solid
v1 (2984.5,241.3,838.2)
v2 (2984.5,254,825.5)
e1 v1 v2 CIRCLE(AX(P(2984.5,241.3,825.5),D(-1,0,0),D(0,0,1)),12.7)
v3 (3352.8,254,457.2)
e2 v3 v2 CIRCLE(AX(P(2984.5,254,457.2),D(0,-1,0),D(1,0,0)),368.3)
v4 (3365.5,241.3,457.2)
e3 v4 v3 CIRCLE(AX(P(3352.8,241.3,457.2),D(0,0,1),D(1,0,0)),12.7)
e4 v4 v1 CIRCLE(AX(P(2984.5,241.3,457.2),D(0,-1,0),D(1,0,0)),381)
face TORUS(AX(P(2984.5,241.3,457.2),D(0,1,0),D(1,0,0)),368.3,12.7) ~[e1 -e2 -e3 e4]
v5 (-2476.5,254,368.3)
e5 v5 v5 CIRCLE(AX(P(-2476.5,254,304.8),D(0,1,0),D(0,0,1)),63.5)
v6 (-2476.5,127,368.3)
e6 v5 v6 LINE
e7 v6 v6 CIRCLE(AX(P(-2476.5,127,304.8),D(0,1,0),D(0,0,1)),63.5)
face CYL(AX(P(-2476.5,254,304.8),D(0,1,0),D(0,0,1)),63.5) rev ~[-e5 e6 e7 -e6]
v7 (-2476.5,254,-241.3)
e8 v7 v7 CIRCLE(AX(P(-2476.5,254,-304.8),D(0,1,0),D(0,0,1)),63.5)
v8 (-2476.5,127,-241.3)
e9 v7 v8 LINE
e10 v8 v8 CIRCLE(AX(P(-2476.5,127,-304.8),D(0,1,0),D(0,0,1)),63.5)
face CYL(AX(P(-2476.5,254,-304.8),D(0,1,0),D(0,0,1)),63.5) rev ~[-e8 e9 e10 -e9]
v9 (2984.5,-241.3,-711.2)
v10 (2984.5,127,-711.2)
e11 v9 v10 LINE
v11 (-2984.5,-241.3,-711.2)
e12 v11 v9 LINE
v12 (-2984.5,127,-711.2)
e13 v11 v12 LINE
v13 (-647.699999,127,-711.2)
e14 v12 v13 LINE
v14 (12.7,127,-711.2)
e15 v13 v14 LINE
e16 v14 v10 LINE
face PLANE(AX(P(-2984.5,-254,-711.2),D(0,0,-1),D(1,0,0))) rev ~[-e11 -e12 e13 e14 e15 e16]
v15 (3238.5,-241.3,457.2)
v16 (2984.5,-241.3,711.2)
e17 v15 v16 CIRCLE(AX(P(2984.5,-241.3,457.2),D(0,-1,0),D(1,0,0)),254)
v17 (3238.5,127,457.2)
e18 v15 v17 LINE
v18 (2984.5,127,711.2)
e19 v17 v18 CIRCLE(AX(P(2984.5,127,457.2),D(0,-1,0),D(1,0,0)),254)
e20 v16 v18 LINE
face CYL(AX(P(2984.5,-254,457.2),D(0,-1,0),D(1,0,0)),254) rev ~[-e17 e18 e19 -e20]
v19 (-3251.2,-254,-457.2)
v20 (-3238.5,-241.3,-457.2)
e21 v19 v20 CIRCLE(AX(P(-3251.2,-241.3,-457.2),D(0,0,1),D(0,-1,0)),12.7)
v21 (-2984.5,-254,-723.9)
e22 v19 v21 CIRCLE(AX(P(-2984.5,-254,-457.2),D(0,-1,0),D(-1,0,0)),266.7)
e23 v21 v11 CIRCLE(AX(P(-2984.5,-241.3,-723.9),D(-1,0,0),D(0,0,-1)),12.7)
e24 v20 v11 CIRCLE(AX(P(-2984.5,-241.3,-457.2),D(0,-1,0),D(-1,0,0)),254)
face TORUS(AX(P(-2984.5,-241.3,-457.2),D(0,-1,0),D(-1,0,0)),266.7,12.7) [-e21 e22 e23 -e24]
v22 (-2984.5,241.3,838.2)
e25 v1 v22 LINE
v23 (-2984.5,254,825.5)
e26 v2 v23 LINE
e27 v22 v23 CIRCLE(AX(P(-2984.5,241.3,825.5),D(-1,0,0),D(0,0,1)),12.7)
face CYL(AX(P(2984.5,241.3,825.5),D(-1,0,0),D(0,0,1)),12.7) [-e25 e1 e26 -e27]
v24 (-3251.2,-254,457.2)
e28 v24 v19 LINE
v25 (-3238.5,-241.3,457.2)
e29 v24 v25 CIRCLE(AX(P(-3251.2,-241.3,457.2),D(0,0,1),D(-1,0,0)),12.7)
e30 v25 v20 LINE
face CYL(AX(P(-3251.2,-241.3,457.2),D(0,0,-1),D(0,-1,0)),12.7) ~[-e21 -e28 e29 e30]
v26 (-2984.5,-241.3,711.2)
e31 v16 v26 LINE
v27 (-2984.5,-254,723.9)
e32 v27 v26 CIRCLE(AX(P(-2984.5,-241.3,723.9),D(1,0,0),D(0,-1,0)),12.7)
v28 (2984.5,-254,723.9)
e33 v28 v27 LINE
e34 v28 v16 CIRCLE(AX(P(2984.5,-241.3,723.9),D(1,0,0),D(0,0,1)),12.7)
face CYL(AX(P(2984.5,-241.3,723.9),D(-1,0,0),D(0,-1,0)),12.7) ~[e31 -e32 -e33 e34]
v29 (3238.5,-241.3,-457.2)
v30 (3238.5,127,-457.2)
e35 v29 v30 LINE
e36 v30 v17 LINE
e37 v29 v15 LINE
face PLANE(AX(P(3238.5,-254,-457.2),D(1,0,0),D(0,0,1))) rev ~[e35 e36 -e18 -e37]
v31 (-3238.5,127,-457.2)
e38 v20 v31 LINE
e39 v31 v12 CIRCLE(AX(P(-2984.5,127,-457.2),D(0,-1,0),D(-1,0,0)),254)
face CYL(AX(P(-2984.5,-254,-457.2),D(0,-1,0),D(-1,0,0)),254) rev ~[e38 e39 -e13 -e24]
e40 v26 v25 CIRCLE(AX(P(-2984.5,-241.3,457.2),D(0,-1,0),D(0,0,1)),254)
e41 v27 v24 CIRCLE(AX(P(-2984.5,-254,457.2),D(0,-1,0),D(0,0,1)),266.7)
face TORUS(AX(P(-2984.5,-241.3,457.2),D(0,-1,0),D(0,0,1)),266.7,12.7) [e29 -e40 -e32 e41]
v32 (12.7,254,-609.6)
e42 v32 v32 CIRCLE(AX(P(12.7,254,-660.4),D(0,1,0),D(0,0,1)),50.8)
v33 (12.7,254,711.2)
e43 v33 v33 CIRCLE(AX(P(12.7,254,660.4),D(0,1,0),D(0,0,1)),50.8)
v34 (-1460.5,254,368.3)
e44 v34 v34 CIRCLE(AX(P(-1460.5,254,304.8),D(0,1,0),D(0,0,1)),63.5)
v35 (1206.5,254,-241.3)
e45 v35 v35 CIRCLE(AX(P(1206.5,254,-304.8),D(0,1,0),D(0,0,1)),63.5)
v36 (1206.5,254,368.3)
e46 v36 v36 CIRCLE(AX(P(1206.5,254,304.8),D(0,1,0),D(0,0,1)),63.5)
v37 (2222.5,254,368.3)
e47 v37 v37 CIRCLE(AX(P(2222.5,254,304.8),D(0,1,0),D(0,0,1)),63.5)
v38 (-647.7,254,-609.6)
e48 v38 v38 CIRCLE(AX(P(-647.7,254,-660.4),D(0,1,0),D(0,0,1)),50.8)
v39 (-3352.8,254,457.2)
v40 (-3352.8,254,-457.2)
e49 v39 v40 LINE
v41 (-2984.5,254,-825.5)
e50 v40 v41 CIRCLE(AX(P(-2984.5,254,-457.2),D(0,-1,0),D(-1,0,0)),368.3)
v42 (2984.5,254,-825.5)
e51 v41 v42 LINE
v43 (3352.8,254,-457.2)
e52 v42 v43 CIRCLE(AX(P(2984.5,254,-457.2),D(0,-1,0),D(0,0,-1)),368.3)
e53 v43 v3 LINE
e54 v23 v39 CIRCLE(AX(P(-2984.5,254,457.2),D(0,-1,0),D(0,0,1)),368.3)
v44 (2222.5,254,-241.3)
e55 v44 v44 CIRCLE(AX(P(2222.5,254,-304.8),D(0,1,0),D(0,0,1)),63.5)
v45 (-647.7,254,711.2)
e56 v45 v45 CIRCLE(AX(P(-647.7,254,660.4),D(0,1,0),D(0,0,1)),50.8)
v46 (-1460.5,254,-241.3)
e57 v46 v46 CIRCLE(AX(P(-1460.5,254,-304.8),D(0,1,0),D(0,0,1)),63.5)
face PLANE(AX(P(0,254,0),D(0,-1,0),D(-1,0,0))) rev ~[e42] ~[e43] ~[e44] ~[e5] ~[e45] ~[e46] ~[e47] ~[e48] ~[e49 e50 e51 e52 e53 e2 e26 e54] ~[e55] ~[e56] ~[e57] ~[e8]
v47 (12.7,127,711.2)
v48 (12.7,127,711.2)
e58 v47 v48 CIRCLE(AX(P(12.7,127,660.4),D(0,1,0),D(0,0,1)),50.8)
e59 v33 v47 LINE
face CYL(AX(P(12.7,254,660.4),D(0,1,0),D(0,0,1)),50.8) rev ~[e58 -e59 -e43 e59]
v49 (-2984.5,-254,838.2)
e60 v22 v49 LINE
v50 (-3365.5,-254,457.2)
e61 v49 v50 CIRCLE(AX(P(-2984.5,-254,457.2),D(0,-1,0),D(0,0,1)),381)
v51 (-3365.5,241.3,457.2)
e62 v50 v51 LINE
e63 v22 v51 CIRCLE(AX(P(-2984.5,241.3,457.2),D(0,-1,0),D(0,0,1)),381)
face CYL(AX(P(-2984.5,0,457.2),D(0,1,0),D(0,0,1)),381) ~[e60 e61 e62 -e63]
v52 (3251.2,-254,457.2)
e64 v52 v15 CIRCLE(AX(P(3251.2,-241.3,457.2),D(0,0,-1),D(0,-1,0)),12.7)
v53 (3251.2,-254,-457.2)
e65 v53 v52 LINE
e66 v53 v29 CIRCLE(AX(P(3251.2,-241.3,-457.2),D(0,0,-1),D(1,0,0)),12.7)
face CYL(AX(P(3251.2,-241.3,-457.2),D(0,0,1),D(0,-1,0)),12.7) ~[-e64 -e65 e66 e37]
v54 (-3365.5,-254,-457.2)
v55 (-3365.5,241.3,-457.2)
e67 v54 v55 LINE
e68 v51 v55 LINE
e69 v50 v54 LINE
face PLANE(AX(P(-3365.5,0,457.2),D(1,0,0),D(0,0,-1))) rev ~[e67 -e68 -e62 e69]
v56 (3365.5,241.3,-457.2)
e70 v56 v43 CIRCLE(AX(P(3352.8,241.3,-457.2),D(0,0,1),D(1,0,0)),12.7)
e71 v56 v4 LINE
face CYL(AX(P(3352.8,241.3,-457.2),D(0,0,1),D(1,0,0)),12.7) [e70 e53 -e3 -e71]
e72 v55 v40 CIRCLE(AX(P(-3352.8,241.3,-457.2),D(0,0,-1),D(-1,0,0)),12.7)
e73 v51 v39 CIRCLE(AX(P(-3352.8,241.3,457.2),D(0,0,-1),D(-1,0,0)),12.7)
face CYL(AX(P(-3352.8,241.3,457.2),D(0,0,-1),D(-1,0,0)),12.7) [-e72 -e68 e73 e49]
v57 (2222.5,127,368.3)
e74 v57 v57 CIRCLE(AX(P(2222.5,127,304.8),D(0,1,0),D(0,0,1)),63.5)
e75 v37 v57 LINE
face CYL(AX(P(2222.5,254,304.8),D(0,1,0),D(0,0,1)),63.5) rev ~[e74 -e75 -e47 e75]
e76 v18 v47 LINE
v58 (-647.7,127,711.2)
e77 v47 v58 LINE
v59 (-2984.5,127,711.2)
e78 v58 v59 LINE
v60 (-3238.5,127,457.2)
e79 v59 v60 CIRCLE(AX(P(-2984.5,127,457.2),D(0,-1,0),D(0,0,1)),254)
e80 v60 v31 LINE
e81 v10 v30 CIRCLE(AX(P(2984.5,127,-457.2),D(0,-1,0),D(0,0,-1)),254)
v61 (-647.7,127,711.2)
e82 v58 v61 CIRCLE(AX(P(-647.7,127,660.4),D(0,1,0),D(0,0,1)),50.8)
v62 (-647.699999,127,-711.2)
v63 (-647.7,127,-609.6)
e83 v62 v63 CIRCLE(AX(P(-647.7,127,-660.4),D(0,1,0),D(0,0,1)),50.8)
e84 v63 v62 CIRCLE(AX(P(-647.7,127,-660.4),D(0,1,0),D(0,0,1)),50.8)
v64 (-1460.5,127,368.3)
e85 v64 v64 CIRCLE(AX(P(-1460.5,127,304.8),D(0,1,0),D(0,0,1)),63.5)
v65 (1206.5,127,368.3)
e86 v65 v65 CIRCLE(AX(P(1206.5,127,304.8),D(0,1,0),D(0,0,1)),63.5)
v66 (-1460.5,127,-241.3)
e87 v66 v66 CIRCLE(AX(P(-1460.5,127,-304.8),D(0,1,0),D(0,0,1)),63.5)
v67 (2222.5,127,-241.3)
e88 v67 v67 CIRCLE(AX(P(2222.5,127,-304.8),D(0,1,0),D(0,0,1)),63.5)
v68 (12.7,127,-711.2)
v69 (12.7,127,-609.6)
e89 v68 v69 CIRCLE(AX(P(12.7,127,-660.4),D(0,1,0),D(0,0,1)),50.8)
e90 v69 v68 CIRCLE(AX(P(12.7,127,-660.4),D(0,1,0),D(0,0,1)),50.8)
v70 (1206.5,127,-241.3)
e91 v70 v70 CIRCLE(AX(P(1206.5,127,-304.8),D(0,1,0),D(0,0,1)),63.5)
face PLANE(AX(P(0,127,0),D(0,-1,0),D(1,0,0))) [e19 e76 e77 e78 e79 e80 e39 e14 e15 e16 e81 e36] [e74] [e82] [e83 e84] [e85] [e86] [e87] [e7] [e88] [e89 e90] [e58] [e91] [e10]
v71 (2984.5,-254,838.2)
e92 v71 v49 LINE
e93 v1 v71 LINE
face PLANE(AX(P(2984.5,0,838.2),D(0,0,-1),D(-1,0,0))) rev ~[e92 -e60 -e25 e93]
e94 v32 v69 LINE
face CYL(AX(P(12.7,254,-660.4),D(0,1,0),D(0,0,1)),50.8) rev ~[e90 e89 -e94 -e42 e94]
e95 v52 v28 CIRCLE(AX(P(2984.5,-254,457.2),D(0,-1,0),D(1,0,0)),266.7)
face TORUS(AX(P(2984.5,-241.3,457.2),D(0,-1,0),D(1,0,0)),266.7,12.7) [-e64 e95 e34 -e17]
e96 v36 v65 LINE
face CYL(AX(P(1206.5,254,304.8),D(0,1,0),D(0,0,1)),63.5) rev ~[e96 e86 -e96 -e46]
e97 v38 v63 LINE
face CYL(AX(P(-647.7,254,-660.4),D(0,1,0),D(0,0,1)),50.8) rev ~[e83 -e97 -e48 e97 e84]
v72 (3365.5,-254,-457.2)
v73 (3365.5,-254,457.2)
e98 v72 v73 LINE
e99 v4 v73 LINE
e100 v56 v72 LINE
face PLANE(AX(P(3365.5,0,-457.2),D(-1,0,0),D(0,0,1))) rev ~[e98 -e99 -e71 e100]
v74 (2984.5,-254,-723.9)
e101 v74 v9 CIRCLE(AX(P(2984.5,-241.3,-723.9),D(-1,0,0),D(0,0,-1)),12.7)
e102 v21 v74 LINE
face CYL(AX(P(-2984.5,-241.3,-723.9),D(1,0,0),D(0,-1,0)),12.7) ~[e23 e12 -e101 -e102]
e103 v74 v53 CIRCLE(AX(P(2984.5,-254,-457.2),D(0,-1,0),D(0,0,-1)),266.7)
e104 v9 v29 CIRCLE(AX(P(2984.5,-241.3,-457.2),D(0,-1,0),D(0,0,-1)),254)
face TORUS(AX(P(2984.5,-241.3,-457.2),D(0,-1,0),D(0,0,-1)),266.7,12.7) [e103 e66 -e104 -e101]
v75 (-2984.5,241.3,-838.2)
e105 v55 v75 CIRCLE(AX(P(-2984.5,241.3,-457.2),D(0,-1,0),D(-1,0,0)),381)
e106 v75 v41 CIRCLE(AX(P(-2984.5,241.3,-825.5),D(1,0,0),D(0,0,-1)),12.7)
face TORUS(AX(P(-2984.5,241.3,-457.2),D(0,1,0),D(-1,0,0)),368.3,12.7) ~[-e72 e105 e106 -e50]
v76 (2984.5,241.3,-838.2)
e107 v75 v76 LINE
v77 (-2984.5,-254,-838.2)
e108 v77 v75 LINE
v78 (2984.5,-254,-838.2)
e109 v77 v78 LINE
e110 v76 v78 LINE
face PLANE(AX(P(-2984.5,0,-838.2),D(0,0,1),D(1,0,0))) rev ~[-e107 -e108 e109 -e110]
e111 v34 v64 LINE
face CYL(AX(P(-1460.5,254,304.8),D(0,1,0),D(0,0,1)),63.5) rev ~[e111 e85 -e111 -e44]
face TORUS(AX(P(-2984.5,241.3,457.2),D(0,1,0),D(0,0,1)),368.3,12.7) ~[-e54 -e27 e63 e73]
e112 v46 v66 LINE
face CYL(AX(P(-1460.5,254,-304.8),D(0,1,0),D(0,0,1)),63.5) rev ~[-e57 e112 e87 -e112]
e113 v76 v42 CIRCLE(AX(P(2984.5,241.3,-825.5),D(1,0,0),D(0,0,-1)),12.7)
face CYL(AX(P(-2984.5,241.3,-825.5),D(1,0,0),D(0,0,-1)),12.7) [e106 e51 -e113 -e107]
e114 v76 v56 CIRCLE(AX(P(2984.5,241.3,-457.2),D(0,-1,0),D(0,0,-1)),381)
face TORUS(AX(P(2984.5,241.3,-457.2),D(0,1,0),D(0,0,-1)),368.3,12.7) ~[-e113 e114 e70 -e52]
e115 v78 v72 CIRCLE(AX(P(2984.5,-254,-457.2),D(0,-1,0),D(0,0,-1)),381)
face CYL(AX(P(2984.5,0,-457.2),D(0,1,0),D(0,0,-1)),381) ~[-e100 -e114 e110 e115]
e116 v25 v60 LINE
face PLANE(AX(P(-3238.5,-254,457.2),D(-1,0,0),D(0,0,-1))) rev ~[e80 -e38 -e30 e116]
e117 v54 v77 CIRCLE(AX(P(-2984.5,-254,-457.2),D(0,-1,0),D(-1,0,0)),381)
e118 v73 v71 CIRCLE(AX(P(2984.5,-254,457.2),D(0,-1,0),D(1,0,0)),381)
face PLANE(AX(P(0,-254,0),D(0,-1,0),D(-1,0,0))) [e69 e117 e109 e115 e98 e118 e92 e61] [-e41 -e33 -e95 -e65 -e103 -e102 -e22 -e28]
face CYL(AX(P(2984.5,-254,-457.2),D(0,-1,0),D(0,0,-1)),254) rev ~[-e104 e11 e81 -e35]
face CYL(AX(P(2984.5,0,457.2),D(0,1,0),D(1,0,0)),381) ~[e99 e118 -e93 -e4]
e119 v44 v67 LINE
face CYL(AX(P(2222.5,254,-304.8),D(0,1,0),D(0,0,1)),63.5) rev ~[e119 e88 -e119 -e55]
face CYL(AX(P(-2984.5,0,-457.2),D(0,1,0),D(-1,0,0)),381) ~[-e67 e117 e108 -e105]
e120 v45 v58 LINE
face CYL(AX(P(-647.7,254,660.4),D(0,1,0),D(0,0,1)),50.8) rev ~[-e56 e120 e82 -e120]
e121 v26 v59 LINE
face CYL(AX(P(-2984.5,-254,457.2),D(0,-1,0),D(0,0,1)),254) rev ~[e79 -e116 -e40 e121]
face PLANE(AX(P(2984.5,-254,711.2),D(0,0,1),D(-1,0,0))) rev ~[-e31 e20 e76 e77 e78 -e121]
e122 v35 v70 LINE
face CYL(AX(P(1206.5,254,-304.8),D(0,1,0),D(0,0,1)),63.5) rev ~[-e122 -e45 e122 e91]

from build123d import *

# Parameters (mm, degrees)
BOSS_EXTRUDE1_DEPTH = 254
CUT_EXTRUDE1_DEPTH  = 381
SKETCH3_R           = 63.5
SKETCH3_R_2         = 50.8
CUT_EXTRUDE2_DEPTH  = 127
FILLET1_R           = 12.7


with BuildPart() as part:
    # Sketch1 → Boss-Extrude1 (new, symmetric)
    with BuildSketch(Plane(origin=(0, 0, 0), x_dir=(1, 0, 0), z_dir=(0, 1, 0))):
        with BuildLine():
            Line((-2984.5, 838.2), (2984.5, 838.2))
            ThreePointArc((2984.5, 838.2), (3253.907683632, 726.607683632), (3365.5, 457.2))
            Line((3365.5, 457.2), (3365.5, -457.2))
            ThreePointArc((3365.5, -457.2), (3253.907683632, -726.607683632), (2984.5, -838.2))
            Line((2984.5, -838.2), (-2984.5, -838.2))
            ThreePointArc((-2984.5, -838.2), (-3253.907683632, -726.607683632), (-3365.5, -457.2))
            Line((-3365.5, -457.2), (-3365.5, 457.2))
            ThreePointArc((-3365.5, 457.2), (-3253.907683632, 726.607683632), (-2984.5, 838.2))
        make_face()
    extrude(amount=BOSS_EXTRUDE1_DEPTH, both=True)

    # Sketch2 → Cut-Extrude1 (cut)
    with BuildSketch(Plane.XZ.offset(254)):
        with BuildLine():
            Line((3238.5, -457.2), (3238.5, 457.2))
            ThreePointArc((3238.5, 457.2), (3164.105122421, 636.805122421), (2984.5, 711.2))
            Line((2984.5, 711.2), (-2984.5, 711.2))
            ThreePointArc((-2984.5, 711.2), (-3164.105122421, 636.805122421), (-3238.5, 457.2))
            Line((-3238.5, 457.2), (-3238.5, -457.2))
            ThreePointArc((-3238.5, -457.2), (-3164.105122421, -636.805122421), (-2984.5, -711.2))
            Line((-2984.5, -711.2), (2984.5, -711.2))
            ThreePointArc((2984.5, -711.2), (3164.105122421, -636.805122421), (3238.5, -457.2))
        make_face()
    extrude(amount=-CUT_EXTRUDE1_DEPTH, mode=Mode.SUBTRACT)

    # Sketch3 → Cut-Extrude2 (cut)
    with BuildSketch(Plane(origin=(0, 254, 0), x_dir=(1, 0, 0), z_dir=(0, 1, 0))):
        with Locations(Location((-2476.5, 304.8, 0), (0, 0, 270))):
            Circle(SKETCH3_R)
        with Locations(Location((-1460.5, 304.8, 0), (0, 0, 270))):
            Circle(SKETCH3_R)
        with Locations(Location((-647.7, 660.4, 0), (0, 0, 270))):
            Circle(SKETCH3_R_2)
        with Locations(Location((12.7, 660.4, 0), (0, 0, 270))):
            Circle(SKETCH3_R_2)
        with Locations(Location((1206.5, 304.8, 0), (0, 0, 270))):
            Circle(SKETCH3_R)
        with Locations(Location((2222.5, 304.8, 0), (0, 0, 270))):
            Circle(SKETCH3_R)
        with Locations(Location((-2476.5, -304.8, 0), (0, 0, 270))):
            Circle(SKETCH3_R)
        with Locations(Location((-1460.5, -304.8, 0), (0, 0, 270))):
            Circle(SKETCH3_R)
        with Locations(Location((-647.7, -660.4, 0), (0, 0, 270))):
            Circle(SKETCH3_R_2)
        with Locations(Location((12.7, -660.4, 0), (0, 0, 270))):
            Circle(SKETCH3_R_2)
        with Locations(Location((1206.5, -304.8, 0), (0, 0, 270))):
            Circle(SKETCH3_R)
        with Locations(Location((2222.5, -304.8, 0), (0, 0, 270))):
            Circle(SKETCH3_R)
    extrude(amount=-CUT_EXTRUDE2_DEPTH, mode=Mode.SUBTRACT)

    # Fillet1
    fillet1_edges = [part.edges().sort_by_distance(p)[0] for p in [
        (3253.907683632, 254, -726.607683632),
        (0, 254, -838.2),
        (-3253.907683632, 254, -726.607683632),
        (-3365.5, 254, 0),
        (-3253.907683632, 254, 726.607683632),
        (3164.105122421, -254, -636.805122421),
        (3238.5, -254, 0),
        (3164.105122421, -254, 636.805122421),
        (0, -254, 711.2),
        (0, 254, 838.2),
        (-3164.105122421, -254, 636.805122421),
        (-3238.5, -254, 0),
        (-3164.105122421, -254, -636.805122421),
        (0, -254, -711.2),
        (3253.907683632, 254, 726.607683632),
        (3365.5, 254, 0),
    ]]
    fillet(fillet1_edges, radius=FILLET1_R)


solid = part.part
